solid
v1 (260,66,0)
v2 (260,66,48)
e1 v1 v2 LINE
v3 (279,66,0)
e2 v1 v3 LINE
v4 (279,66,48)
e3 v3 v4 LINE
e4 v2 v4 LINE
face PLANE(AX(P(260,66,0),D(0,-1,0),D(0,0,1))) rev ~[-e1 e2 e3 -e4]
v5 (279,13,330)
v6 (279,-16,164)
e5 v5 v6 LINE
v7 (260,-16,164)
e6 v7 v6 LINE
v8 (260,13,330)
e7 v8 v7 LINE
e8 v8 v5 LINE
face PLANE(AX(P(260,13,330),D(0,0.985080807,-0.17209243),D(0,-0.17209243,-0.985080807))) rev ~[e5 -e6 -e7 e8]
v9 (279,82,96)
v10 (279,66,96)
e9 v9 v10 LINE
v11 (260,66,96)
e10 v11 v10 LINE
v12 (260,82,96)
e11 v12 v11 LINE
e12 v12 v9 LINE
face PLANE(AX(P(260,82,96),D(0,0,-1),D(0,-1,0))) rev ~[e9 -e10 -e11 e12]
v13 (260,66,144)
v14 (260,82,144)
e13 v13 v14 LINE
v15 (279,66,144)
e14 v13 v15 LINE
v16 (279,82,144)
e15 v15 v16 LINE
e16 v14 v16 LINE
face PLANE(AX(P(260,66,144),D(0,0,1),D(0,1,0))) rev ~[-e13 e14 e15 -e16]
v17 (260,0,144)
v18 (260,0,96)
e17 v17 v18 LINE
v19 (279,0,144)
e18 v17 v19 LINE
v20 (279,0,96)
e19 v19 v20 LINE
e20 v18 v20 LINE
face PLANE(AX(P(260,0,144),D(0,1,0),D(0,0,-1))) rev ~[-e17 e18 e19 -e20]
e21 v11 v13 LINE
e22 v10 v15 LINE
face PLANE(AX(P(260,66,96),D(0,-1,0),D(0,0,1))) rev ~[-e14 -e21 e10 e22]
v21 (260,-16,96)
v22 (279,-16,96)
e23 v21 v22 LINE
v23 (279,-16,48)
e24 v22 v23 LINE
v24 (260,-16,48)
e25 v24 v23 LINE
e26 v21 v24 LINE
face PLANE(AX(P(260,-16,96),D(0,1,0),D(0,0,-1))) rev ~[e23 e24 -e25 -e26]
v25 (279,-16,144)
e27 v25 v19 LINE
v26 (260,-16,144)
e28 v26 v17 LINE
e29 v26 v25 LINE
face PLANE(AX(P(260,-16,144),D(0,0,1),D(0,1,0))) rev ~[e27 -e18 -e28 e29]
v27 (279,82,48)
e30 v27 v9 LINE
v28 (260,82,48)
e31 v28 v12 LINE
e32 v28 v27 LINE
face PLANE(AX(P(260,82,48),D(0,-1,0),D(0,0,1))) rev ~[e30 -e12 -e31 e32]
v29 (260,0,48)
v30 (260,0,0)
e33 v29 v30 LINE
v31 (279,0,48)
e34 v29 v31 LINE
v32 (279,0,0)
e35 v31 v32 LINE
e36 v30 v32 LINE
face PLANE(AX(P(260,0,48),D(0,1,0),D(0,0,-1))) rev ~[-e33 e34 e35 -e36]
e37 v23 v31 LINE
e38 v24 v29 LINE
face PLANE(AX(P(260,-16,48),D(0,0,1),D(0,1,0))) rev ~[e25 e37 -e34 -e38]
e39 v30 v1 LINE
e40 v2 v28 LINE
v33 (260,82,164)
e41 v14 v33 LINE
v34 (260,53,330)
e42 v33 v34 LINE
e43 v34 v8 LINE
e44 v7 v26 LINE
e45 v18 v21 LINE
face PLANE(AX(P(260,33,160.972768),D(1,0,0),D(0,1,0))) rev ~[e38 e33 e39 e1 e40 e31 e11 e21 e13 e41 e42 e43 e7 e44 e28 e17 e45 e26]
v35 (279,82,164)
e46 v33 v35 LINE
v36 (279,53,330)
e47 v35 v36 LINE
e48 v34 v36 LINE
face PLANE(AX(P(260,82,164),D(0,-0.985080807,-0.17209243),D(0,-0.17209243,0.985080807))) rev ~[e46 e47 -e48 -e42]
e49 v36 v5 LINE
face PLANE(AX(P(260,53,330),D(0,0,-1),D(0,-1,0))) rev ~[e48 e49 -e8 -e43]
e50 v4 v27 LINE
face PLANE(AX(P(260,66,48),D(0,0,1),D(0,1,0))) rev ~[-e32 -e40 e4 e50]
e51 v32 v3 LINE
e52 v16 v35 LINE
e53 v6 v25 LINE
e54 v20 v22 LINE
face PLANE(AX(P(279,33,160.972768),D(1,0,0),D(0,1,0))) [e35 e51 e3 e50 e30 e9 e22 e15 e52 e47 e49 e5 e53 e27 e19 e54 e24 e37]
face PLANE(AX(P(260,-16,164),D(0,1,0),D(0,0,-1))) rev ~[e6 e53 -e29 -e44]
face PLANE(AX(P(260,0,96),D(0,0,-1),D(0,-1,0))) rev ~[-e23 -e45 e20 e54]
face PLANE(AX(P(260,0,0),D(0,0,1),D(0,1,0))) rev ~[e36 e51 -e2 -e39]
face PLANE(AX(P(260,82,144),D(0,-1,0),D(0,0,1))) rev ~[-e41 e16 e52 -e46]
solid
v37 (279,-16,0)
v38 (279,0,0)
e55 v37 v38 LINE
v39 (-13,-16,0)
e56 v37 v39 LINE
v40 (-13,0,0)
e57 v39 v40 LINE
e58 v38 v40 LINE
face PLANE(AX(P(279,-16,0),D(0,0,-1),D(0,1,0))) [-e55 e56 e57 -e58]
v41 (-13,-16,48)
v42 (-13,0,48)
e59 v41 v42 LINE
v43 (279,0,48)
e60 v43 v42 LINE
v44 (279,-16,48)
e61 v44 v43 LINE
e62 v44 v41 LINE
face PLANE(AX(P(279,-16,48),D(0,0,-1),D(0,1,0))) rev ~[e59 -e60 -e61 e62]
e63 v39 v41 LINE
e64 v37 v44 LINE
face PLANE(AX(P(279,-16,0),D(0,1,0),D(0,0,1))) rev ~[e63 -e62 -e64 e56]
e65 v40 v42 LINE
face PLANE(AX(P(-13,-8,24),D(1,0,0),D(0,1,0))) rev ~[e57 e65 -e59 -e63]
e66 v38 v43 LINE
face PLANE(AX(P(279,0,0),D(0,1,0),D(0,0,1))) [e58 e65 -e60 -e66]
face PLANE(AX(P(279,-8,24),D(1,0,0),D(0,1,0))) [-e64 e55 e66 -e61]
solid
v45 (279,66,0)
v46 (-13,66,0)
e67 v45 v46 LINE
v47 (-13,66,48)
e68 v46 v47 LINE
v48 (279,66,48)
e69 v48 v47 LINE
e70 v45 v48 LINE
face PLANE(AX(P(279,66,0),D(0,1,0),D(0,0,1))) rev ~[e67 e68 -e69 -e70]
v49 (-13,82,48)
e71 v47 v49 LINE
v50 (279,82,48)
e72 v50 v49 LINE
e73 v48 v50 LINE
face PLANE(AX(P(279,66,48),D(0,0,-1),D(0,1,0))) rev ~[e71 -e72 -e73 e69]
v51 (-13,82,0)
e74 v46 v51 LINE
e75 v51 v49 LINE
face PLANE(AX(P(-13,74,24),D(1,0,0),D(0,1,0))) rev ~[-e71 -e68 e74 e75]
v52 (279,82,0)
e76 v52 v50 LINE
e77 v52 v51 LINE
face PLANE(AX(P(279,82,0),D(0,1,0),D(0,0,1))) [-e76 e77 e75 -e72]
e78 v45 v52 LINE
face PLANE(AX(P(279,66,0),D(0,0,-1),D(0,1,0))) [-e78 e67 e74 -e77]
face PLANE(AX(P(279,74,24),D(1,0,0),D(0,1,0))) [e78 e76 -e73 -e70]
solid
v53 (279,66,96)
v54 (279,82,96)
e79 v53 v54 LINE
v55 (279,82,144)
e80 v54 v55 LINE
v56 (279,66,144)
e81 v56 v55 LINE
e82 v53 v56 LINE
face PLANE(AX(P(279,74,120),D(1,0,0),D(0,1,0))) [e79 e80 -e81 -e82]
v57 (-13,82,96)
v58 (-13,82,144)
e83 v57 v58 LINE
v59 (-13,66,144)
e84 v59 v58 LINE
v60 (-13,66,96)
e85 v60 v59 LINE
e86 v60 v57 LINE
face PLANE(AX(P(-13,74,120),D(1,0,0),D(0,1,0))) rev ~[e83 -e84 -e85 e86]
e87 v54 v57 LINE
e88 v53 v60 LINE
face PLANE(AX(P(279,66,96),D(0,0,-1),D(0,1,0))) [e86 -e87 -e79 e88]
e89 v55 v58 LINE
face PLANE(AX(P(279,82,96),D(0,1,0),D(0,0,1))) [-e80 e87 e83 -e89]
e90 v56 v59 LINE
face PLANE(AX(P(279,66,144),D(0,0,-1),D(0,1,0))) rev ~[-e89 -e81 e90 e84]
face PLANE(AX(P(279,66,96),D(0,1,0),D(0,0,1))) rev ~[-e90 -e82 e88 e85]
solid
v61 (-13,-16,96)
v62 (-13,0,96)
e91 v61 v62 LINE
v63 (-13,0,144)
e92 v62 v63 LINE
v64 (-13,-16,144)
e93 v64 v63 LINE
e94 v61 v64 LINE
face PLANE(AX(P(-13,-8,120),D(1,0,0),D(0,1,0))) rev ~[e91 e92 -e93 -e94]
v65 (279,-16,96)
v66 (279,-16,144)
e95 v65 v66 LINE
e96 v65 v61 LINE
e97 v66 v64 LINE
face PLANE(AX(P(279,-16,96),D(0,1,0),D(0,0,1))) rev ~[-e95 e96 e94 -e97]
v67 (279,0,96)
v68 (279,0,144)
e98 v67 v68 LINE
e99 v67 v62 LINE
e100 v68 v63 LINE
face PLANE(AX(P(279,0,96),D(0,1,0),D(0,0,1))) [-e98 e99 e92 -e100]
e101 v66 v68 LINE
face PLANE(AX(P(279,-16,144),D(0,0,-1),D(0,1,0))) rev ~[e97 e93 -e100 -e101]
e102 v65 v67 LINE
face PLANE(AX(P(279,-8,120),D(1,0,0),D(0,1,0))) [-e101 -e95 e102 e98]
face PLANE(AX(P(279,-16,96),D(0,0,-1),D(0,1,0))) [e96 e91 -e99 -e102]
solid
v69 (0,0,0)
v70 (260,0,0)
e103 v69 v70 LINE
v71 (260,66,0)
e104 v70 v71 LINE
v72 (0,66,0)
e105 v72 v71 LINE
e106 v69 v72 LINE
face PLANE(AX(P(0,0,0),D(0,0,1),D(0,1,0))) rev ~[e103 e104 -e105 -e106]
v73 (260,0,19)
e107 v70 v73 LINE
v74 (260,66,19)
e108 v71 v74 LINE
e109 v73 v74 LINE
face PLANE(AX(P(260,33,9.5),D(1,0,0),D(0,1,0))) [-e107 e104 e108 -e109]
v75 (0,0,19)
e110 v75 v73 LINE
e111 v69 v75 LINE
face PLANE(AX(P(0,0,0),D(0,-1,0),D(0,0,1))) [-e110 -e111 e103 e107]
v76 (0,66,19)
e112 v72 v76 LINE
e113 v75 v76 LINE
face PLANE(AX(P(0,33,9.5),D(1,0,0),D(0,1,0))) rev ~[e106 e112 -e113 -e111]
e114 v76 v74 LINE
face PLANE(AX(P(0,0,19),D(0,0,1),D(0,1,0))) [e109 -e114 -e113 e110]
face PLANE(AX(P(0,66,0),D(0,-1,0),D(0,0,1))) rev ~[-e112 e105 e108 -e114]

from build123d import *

# Parameters (mm, degrees)
F0_W     = 66
F0_H     = 19
F1_DEPTH = 260
F2_W     = 66
F2_H     = 19
F3_DEPTH = 19
F4_W     = 16
F4_H     = 48
F5_DEPTH = 292


with BuildPart() as f1:
    # F0 (on Right) → F1 (new body)
    with BuildSketch(Plane.YZ):
        with Locations((33, 9.5)):
            Rectangle(F0_W, F0_H)
    extrude(amount=F1_DEPTH)


with BuildPart() as f3:
    # F2 (on face) → F3 (new body)
    with BuildSketch(Plane.YZ.offset(260)):
        Polygon((0, 48), (0, 19), (66, 19), (66, 48), (82, 48), (82, 96), (66, 96), (66, 144), (82, 144), (82, 164), (53, 330), (33, 330), (13, 330), (-16, 164), (-16, 144), (0, 144), (0, 96), (-16, 96), (-16, 48), align=None)
        with Locations((33, 9.5)):
            Rectangle(F2_W, F2_H)
    extrude(amount=F3_DEPTH)


with BuildPart() as f5:
    # F4 (on face) → F5 (new body)
    with BuildSketch(Plane.YZ.offset(279)):
        with Locations((-8, 24)):
            Rectangle(F4_W, F4_H)
        with Locations((-8, 120)):
            Rectangle(F4_W, F4_H)
        with Locations((74, 120)):
            Rectangle(F4_W, F4_H)
        with Locations((74, 24)):
            Rectangle(F4_W, F4_H)
    extrude(amount=-F5_DEPTH)


solid = Compound([f1.part, f3.part, f5.part])
